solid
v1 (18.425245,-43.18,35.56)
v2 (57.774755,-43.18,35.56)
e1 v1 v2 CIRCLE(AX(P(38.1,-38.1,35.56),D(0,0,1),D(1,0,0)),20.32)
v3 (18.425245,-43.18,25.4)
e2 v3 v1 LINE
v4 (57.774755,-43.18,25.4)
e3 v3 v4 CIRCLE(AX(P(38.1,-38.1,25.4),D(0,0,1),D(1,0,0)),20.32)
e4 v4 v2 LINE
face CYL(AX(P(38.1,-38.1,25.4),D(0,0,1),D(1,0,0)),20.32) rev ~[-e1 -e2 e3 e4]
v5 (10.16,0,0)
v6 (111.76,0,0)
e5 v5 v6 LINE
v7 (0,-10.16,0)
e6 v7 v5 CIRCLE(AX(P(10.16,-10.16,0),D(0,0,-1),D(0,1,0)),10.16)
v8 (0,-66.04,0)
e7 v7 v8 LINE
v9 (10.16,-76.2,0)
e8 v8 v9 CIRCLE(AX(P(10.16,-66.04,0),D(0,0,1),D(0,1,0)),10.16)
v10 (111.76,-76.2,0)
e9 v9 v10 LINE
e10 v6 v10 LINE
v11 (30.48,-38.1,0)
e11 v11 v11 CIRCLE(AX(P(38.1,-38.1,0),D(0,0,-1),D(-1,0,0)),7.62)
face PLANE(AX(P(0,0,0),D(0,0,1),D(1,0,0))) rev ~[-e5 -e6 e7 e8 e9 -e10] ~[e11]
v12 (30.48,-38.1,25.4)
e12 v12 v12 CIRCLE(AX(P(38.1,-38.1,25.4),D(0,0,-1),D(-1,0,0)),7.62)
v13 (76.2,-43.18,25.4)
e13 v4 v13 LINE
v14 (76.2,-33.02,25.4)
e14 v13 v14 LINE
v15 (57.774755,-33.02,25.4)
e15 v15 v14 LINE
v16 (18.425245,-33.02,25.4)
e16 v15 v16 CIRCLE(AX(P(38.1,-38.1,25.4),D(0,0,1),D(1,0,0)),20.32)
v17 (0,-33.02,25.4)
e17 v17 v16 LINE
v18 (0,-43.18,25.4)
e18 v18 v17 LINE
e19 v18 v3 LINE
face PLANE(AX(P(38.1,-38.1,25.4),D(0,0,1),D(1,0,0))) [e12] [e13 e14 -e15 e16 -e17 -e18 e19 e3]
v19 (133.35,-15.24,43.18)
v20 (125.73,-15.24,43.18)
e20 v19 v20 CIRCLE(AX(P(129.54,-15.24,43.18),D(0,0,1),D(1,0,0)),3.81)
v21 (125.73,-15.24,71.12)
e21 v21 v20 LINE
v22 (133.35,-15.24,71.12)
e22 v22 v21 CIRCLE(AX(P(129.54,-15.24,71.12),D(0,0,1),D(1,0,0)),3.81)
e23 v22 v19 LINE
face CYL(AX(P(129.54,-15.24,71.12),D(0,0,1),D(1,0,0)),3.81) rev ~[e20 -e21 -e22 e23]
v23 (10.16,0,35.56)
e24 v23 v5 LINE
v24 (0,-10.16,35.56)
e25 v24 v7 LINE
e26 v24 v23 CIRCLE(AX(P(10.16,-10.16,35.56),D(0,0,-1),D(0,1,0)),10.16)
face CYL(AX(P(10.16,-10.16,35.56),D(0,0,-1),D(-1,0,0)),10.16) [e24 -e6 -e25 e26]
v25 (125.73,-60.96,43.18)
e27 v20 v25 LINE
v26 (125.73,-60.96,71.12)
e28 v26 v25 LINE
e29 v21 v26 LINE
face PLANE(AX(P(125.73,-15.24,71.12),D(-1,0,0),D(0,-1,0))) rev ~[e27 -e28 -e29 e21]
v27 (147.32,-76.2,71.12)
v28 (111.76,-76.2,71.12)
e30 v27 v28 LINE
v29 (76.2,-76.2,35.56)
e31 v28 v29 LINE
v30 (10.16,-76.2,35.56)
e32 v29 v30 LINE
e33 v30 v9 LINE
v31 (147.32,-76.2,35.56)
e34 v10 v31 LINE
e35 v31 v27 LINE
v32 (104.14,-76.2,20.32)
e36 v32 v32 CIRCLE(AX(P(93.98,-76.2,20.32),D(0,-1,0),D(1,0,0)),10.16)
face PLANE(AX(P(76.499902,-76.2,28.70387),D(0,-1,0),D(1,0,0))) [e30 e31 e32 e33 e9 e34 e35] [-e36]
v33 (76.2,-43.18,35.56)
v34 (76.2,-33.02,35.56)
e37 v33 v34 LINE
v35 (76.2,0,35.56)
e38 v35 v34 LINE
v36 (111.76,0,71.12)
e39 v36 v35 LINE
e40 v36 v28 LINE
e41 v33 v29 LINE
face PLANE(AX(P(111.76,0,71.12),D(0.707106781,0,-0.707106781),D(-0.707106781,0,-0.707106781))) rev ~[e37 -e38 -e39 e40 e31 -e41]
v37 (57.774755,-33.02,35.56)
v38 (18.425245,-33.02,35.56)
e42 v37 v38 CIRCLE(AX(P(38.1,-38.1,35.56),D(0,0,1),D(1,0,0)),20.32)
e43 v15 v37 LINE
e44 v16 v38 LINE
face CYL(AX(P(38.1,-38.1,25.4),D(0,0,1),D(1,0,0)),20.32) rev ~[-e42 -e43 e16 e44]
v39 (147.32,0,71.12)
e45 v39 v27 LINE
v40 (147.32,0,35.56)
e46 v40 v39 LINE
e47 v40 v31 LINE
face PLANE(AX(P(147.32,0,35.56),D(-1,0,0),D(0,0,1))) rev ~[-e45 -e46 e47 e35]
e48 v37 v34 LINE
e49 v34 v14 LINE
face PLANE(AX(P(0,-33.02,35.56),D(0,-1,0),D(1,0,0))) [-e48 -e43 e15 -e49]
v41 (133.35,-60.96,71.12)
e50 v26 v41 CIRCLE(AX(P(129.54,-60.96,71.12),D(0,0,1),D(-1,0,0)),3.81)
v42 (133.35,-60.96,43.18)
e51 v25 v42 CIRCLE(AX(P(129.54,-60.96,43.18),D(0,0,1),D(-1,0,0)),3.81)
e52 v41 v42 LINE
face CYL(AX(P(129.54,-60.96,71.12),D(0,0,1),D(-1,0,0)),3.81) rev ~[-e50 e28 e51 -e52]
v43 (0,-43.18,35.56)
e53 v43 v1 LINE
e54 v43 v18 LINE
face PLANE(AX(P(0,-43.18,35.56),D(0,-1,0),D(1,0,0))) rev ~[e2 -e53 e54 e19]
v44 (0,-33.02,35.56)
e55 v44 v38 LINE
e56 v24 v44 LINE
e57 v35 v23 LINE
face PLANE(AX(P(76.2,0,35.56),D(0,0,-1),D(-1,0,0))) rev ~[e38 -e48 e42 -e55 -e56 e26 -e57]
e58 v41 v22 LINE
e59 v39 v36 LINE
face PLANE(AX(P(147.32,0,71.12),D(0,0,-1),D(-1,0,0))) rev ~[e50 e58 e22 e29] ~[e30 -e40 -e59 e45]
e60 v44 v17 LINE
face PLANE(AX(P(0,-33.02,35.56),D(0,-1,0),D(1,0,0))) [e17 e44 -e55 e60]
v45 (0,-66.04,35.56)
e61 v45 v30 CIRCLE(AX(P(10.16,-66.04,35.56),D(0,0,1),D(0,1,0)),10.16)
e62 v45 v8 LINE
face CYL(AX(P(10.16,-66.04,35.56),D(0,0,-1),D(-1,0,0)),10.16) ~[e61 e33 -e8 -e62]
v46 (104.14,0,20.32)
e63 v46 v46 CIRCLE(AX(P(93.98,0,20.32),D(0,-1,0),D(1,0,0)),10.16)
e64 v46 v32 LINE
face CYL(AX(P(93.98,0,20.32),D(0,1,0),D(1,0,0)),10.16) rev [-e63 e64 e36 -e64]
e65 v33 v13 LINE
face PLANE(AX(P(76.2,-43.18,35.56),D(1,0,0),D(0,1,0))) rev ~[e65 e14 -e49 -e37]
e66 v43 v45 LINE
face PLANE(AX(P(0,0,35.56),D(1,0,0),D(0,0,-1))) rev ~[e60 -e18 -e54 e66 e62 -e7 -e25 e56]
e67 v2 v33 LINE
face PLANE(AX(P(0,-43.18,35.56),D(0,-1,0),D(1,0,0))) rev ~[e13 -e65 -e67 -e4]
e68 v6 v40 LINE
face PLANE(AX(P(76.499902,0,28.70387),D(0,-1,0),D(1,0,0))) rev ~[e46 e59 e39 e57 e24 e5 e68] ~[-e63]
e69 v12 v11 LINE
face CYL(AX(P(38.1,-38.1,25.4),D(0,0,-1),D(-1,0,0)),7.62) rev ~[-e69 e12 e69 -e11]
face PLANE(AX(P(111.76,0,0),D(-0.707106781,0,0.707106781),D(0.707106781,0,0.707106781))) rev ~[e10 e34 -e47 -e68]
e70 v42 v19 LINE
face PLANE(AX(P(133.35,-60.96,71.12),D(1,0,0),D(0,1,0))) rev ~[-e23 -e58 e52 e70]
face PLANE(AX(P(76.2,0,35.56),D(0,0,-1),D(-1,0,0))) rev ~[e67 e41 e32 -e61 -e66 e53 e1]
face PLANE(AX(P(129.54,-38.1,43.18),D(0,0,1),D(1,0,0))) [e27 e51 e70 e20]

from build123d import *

# Parameters (mm, degrees)
F0_R           = 10.16
F1_DEPTH       = 76.2
F3_DEPTH       = 27.94
F4_W           = 76.2
F4_H           = 10.16
F5_DEPTH       = 10.16
F6_D           = 15.24
F6_START       = 10.16
F6_CBORE_D     = 40.64
F6_CBORE_DEPTH = 0
F7_R           = 10.16


with BuildPart() as f1:
    # F0 (on Front) → F1 (new body)
    with BuildSketch(Plane.XZ):
        Polygon((0, 35.56), (0, 0), (111.76, 0), (147.32, 35.56), (147.32, 71.12), (111.76, 71.12), (76.2, 35.56), align=None)
        with Locations((93.98, 20.32)):
            Circle(F0_R, mode=Mode.SUBTRACT)
    extrude(amount=F1_DEPTH)

    # F2 (on face) → F3 (cut)
    with BuildSketch(Plane.XY.offset(71.12)):
        with BuildLine():
            Line((133.35, -60.96), (133.35, -15.24))
            ThreePointArc((133.35, -15.24), (129.54, -11.43), (125.73, -15.24))
            Line((125.73, -15.24), (125.73, -60.96))
            ThreePointArc((125.73, -60.96), (129.54, -64.77), (133.35, -60.96))
        make_face()
    extrude(amount=-F3_DEPTH, mode=Mode.SUBTRACT)

    # F4 (on face) → F5 (cut)
    with BuildSketch(Plane.XY.offset(35.56)):
        with Locations((38.1, -38.1)):
            Rectangle(F4_W, F4_H)
    extrude(amount=-F5_DEPTH, mode=Mode.SUBTRACT)

    # F6 (through all)
    # its depths count from where the whole tool has entered the part; down to there all is cleared
    with Locations(Plane.XY.offset(35.56).offset(-F6_START)):
        with Locations((38.1, -38.1)):
            CounterBoreHole(F6_D / 2, F6_CBORE_D / 2, F6_CBORE_DEPTH)

    # F7
    f7_edges = [f1.edges().sort_by_distance(p)[0] for p in [
        (0, 0, 17.78),
        (0, -76.2, 17.78),
    ]]
    fillet(f7_edges, radius=F7_R)


solid = f1.part
